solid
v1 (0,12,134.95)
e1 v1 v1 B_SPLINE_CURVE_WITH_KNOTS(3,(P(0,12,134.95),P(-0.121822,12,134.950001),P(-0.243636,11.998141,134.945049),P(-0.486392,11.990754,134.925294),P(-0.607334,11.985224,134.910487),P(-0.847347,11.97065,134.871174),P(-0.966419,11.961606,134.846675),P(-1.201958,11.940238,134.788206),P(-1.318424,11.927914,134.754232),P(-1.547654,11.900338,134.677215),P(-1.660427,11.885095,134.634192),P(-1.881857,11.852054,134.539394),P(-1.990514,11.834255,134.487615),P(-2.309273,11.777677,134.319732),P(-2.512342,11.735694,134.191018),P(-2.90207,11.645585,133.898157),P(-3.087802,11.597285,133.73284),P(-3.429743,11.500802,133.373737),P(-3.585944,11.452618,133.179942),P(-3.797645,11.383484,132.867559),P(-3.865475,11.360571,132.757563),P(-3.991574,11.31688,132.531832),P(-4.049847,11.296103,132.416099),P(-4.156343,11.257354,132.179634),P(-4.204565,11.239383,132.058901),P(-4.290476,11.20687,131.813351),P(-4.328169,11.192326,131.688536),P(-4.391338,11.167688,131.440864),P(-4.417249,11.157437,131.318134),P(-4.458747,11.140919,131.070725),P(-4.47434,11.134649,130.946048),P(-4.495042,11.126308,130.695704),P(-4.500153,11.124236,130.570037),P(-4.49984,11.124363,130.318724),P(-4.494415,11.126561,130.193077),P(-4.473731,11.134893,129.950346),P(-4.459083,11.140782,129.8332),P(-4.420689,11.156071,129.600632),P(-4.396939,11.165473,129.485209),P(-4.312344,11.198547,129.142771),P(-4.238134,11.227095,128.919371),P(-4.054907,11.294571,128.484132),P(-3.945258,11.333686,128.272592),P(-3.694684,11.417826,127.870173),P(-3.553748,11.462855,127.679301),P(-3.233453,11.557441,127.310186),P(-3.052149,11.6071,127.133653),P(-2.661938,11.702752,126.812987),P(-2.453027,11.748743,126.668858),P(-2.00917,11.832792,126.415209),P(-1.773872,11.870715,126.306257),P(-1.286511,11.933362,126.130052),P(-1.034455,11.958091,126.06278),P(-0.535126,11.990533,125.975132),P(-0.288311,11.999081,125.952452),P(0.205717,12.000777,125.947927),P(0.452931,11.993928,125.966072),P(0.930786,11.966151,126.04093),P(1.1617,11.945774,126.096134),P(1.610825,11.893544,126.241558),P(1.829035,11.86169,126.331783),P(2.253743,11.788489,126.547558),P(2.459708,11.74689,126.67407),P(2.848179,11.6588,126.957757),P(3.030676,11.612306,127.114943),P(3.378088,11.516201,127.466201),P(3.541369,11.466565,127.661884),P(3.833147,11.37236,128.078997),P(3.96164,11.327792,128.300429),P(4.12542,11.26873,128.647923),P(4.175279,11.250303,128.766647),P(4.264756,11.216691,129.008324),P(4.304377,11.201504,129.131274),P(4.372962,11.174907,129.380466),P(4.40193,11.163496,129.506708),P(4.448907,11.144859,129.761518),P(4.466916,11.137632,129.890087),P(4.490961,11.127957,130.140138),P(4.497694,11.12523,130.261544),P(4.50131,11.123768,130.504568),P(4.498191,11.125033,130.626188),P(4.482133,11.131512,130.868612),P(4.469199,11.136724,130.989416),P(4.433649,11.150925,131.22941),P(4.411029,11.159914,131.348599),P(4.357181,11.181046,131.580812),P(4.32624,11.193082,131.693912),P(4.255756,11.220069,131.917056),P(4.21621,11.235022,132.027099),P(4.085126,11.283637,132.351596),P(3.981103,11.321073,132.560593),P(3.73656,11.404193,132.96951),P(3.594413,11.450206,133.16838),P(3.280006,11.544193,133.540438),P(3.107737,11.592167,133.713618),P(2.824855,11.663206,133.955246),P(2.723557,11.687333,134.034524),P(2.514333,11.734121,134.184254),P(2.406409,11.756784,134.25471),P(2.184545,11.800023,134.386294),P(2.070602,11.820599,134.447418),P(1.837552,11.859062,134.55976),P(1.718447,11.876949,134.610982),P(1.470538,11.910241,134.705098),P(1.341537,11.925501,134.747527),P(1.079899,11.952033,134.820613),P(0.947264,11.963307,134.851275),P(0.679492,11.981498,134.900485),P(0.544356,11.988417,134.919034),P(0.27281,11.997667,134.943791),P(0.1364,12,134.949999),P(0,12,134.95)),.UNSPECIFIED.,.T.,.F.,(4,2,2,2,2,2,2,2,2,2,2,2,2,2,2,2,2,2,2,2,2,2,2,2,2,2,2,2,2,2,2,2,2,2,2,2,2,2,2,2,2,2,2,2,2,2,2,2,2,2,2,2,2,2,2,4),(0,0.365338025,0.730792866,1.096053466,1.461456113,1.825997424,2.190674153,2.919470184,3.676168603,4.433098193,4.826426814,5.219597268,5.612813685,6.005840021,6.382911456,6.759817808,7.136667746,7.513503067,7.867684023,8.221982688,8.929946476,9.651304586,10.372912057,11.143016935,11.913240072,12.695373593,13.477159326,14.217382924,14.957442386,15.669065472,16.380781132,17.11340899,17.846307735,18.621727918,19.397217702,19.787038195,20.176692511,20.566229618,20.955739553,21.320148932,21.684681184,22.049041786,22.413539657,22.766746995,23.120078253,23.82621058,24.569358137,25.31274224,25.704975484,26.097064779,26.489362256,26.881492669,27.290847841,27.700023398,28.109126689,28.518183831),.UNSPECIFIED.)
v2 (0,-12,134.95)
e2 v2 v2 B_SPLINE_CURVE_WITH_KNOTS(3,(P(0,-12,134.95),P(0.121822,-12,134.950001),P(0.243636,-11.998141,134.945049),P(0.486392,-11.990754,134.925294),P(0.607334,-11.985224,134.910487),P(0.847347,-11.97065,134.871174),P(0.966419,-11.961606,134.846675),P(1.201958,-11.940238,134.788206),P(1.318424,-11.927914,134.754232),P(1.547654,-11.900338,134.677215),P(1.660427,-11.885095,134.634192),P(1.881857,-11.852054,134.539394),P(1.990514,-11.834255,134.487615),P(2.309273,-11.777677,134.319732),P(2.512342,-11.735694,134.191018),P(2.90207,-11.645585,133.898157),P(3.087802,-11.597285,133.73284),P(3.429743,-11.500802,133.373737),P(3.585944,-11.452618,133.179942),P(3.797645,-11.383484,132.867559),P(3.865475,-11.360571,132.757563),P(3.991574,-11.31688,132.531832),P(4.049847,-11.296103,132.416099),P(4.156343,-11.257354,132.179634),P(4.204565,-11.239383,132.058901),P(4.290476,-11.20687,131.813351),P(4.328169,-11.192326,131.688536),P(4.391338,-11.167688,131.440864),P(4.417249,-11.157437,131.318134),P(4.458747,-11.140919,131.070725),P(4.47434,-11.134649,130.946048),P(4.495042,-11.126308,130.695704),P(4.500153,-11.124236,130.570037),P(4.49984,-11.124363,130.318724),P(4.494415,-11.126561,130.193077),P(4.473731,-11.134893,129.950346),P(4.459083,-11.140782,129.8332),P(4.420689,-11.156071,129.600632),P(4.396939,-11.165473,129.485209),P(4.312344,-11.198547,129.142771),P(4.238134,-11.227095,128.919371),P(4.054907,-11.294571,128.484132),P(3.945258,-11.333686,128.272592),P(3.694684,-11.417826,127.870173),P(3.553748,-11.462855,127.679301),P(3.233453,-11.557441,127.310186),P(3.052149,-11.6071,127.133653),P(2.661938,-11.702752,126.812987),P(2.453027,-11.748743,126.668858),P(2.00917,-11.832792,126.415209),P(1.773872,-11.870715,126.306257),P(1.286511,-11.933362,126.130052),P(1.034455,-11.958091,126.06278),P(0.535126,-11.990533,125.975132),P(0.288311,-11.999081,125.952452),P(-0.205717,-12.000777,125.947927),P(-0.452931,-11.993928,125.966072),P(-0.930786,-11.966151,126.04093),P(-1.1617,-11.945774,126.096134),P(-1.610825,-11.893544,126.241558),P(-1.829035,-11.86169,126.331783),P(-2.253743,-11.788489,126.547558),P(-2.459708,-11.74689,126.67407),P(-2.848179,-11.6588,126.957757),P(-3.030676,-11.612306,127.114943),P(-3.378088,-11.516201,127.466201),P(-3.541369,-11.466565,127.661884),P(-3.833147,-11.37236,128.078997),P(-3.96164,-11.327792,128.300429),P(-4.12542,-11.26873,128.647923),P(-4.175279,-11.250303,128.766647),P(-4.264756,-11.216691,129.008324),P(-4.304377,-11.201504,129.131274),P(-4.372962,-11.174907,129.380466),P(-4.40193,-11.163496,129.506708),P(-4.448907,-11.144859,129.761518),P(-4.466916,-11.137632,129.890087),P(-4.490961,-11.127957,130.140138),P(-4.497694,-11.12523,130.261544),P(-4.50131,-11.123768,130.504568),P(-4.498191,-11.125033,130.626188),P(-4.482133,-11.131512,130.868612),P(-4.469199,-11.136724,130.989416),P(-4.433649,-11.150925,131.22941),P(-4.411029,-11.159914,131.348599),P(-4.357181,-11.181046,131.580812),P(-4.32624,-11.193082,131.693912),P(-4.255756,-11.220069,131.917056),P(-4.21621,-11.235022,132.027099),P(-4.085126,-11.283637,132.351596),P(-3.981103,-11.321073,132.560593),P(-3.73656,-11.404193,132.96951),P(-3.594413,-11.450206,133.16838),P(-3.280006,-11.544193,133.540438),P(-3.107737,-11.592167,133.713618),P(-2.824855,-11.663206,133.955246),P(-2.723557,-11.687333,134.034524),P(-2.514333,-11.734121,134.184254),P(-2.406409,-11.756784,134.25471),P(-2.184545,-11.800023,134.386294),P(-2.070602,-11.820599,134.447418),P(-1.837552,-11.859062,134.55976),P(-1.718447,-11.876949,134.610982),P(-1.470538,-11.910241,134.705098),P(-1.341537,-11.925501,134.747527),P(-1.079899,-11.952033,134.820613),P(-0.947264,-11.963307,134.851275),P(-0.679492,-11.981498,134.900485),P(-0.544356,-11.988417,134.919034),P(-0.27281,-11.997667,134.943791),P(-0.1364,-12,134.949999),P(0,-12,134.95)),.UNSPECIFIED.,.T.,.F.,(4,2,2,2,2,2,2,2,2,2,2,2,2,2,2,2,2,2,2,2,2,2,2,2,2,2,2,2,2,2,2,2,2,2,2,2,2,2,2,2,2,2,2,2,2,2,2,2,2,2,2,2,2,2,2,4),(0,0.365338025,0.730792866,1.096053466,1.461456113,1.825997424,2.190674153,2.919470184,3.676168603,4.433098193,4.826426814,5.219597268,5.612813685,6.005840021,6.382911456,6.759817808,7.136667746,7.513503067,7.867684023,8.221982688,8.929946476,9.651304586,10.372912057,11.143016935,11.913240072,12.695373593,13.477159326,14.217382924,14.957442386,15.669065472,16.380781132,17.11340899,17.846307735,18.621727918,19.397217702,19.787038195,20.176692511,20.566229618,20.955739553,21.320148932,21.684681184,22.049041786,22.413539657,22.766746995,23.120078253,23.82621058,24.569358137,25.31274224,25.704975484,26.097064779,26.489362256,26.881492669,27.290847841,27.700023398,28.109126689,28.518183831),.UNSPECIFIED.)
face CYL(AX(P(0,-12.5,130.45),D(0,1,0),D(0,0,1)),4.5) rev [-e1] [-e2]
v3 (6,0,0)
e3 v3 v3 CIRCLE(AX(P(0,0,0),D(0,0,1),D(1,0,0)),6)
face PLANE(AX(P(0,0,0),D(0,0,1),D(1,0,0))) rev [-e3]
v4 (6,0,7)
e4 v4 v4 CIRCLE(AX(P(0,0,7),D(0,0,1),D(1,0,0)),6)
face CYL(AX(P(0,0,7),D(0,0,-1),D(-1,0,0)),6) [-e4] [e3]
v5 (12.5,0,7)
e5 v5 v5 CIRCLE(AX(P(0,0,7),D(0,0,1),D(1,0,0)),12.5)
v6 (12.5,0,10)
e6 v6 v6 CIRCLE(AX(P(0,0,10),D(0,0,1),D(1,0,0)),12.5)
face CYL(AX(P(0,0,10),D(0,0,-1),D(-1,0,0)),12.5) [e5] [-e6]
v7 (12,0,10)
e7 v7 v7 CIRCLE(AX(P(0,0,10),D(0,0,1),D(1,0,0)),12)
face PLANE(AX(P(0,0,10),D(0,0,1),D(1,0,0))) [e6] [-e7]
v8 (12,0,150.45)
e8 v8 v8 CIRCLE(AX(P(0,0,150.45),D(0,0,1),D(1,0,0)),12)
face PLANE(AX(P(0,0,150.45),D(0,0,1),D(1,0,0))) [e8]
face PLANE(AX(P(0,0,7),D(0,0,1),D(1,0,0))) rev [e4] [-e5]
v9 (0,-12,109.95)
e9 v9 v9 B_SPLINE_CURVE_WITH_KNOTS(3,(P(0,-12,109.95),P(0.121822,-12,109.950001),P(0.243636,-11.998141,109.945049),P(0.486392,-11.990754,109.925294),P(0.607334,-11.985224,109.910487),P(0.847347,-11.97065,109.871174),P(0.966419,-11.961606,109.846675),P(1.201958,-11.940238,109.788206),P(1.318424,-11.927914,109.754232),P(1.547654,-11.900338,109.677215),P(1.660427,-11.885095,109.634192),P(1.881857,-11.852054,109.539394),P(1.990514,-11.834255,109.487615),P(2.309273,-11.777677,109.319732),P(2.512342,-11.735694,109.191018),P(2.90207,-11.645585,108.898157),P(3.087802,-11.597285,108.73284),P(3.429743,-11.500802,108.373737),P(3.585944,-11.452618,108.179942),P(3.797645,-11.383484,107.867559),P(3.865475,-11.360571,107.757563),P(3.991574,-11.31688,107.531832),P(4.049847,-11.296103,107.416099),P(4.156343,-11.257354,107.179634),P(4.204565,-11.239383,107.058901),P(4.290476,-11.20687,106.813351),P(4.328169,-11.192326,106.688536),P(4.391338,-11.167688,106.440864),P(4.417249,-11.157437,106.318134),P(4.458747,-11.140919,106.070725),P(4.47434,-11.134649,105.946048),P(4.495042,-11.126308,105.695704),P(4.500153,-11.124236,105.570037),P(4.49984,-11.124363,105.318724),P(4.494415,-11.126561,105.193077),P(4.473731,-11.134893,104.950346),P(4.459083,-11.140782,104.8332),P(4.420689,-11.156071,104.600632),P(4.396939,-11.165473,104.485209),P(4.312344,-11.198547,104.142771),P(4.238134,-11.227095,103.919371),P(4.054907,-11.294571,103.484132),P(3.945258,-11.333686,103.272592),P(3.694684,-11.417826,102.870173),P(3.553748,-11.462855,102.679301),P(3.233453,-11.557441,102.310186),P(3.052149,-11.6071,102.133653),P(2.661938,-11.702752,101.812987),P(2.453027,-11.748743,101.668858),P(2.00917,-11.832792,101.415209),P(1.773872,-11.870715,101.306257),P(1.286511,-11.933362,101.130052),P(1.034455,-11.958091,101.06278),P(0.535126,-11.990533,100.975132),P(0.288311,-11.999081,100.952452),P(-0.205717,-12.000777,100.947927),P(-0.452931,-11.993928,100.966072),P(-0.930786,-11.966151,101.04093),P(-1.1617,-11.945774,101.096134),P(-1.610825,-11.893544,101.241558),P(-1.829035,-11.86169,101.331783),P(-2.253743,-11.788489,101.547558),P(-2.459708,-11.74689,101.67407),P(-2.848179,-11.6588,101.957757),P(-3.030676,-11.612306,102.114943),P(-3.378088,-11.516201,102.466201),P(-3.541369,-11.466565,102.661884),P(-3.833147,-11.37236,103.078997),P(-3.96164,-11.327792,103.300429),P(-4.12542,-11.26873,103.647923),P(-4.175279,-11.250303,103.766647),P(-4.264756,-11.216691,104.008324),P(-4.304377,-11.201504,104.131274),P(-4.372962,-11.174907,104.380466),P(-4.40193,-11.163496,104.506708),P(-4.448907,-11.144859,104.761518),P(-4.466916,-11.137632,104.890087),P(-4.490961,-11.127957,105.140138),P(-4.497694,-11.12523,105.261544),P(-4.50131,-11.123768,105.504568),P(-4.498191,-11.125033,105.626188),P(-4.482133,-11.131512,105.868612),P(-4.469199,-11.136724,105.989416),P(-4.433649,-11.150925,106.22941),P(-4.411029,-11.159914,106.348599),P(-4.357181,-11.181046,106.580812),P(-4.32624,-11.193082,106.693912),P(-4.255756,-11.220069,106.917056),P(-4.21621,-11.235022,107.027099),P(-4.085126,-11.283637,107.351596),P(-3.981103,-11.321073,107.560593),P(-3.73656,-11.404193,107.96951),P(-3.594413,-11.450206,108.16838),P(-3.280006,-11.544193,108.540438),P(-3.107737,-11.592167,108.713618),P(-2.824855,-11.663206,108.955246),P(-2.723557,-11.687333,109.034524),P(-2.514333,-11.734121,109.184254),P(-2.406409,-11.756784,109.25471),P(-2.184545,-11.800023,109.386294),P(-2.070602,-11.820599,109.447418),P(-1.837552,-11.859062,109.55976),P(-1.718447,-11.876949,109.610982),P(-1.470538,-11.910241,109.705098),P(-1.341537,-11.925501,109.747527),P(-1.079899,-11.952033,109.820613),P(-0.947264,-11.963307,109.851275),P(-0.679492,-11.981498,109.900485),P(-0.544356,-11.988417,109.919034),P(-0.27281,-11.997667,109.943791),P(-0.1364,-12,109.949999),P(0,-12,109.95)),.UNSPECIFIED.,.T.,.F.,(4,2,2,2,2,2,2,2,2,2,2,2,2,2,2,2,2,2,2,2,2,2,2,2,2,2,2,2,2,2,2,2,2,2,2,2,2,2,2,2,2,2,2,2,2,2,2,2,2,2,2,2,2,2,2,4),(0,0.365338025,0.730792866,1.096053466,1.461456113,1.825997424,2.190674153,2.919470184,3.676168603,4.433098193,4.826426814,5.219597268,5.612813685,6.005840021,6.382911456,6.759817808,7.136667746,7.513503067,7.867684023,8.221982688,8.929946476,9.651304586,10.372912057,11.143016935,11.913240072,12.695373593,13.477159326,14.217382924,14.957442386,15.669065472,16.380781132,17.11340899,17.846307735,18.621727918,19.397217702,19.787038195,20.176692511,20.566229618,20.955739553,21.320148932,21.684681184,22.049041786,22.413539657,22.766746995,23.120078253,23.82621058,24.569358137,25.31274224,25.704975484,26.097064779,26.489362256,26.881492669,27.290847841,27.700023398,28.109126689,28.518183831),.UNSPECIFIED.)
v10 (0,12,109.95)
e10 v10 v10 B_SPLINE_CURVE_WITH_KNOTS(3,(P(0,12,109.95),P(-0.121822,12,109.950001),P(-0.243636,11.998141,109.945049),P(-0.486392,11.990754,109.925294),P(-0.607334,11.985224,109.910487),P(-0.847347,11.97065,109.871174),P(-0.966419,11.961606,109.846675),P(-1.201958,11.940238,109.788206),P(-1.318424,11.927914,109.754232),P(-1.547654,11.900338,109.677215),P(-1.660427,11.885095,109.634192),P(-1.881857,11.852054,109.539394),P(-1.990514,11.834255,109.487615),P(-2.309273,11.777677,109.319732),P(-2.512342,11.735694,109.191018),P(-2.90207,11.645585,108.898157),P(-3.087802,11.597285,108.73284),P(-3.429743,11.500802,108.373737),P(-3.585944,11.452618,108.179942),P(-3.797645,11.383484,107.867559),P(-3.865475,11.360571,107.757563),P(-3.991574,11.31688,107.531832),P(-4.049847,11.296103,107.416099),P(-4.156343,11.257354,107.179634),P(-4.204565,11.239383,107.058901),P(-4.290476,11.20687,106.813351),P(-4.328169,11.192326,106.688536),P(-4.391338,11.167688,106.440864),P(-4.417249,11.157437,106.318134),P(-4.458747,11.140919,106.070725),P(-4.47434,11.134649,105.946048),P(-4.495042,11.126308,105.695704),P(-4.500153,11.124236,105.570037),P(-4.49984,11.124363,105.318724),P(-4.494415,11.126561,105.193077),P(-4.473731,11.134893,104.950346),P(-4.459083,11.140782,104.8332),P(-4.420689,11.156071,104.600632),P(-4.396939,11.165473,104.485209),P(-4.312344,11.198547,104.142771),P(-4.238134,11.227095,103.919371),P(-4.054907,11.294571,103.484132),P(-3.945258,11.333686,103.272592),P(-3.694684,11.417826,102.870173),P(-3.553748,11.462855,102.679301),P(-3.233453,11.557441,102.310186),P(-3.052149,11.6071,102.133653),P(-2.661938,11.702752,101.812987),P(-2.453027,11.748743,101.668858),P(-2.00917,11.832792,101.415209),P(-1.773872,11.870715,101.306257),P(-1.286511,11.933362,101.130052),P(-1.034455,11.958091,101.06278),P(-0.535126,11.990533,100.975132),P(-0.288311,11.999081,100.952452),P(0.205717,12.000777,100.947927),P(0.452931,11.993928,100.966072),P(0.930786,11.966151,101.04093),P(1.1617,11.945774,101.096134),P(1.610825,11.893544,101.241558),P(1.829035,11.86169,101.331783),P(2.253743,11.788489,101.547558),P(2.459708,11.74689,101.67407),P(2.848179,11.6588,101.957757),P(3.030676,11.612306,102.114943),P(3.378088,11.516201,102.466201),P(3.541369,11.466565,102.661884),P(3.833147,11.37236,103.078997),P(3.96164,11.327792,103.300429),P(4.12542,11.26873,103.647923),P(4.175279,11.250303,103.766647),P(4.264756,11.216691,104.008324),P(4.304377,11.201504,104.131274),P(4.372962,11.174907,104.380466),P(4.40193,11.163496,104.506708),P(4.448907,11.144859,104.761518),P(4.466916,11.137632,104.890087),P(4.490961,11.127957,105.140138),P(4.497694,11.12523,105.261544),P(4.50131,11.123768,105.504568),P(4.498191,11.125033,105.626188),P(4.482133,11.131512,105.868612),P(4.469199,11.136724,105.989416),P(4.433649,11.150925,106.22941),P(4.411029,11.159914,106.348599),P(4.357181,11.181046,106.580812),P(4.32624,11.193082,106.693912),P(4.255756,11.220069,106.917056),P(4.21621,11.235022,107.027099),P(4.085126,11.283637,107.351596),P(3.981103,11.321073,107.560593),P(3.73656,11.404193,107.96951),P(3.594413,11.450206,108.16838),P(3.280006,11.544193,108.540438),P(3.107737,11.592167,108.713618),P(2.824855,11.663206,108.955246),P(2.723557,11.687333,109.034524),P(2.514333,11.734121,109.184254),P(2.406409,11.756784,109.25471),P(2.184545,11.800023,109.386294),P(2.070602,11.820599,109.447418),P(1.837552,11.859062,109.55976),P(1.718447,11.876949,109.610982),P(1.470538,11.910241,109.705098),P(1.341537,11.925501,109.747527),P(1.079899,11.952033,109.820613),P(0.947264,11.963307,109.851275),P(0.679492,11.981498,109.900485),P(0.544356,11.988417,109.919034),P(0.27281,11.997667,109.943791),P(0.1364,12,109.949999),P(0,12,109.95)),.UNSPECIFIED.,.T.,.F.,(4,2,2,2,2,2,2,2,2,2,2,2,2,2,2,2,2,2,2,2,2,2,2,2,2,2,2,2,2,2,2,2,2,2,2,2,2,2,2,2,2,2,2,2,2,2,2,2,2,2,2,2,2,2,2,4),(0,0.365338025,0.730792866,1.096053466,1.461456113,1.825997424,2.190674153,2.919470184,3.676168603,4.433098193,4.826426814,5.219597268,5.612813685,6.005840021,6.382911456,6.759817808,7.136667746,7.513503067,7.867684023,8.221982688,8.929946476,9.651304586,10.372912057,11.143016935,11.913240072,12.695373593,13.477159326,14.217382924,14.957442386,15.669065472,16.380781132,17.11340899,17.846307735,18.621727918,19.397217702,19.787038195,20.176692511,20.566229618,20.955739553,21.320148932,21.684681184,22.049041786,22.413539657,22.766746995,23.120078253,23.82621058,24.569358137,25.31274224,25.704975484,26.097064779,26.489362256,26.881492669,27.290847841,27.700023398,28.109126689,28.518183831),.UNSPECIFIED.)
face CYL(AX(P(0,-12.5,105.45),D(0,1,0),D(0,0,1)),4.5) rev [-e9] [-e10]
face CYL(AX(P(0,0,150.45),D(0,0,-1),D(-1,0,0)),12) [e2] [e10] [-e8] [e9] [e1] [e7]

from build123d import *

# Parameters (mm, degrees)
SKETCH1_R           = 6
BOSS_EXTRUDE1_DEPTH = 7
SKETCH2_R           = 12.5
BOSS_EXTRUDE2_DEPTH = 3
SKETCH3_R           = 12
BOSS_EXTRUDE3_DEPTH = 140.45
SKETCH4_R           = 4.5
CUT_EXTRUDE1_DEPTH  = 152.484991006
LPATTERN1_COUNT     = 2
LPATTERN1_PITCH     = 25


with BuildPart() as part:
    # Sketch1 → Boss-Extrude1 (new body)
    with BuildSketch(Plane.XY):
        Circle(SKETCH1_R)
    extrude(amount=BOSS_EXTRUDE1_DEPTH)

    # Sketch2 → Boss-Extrude2 (add)
    with BuildSketch(Plane.XY.offset(7)):
        Circle(SKETCH2_R)
    extrude(amount=BOSS_EXTRUDE2_DEPTH)

    # Sketch3 → Boss-Extrude3 (add)
    with BuildSketch(Plane.XY.offset(10)):
        with Locations(Location((0, 0, 0), (0, 0, 180))):
            Circle(SKETCH3_R)
    extrude(amount=BOSS_EXTRUDE3_DEPTH)

    # Sketch4 → Cut-Extrude1 (cut, symmetric)
    with BuildSketch(Plane(origin=(0, 0, 0), x_dir=(1, 0, 0), z_dir=(0, 1, 0))):
        with Locations(Location((0, -130.45, 0), (0, 0, 270))):
            Circle(SKETCH4_R)
    cut_extrude1 = extrude(amount=CUT_EXTRUDE1_DEPTH, both=True, mode=Mode.SUBTRACT)

    # LPattern1: Cut-Extrude1 ×2
    with Locations(*[(0, 0, -i * LPATTERN1_PITCH) for i in range(1, LPATTERN1_COUNT)]):
        add(cut_extrude1, mode=Mode.SUBTRACT)


solid = part.part
